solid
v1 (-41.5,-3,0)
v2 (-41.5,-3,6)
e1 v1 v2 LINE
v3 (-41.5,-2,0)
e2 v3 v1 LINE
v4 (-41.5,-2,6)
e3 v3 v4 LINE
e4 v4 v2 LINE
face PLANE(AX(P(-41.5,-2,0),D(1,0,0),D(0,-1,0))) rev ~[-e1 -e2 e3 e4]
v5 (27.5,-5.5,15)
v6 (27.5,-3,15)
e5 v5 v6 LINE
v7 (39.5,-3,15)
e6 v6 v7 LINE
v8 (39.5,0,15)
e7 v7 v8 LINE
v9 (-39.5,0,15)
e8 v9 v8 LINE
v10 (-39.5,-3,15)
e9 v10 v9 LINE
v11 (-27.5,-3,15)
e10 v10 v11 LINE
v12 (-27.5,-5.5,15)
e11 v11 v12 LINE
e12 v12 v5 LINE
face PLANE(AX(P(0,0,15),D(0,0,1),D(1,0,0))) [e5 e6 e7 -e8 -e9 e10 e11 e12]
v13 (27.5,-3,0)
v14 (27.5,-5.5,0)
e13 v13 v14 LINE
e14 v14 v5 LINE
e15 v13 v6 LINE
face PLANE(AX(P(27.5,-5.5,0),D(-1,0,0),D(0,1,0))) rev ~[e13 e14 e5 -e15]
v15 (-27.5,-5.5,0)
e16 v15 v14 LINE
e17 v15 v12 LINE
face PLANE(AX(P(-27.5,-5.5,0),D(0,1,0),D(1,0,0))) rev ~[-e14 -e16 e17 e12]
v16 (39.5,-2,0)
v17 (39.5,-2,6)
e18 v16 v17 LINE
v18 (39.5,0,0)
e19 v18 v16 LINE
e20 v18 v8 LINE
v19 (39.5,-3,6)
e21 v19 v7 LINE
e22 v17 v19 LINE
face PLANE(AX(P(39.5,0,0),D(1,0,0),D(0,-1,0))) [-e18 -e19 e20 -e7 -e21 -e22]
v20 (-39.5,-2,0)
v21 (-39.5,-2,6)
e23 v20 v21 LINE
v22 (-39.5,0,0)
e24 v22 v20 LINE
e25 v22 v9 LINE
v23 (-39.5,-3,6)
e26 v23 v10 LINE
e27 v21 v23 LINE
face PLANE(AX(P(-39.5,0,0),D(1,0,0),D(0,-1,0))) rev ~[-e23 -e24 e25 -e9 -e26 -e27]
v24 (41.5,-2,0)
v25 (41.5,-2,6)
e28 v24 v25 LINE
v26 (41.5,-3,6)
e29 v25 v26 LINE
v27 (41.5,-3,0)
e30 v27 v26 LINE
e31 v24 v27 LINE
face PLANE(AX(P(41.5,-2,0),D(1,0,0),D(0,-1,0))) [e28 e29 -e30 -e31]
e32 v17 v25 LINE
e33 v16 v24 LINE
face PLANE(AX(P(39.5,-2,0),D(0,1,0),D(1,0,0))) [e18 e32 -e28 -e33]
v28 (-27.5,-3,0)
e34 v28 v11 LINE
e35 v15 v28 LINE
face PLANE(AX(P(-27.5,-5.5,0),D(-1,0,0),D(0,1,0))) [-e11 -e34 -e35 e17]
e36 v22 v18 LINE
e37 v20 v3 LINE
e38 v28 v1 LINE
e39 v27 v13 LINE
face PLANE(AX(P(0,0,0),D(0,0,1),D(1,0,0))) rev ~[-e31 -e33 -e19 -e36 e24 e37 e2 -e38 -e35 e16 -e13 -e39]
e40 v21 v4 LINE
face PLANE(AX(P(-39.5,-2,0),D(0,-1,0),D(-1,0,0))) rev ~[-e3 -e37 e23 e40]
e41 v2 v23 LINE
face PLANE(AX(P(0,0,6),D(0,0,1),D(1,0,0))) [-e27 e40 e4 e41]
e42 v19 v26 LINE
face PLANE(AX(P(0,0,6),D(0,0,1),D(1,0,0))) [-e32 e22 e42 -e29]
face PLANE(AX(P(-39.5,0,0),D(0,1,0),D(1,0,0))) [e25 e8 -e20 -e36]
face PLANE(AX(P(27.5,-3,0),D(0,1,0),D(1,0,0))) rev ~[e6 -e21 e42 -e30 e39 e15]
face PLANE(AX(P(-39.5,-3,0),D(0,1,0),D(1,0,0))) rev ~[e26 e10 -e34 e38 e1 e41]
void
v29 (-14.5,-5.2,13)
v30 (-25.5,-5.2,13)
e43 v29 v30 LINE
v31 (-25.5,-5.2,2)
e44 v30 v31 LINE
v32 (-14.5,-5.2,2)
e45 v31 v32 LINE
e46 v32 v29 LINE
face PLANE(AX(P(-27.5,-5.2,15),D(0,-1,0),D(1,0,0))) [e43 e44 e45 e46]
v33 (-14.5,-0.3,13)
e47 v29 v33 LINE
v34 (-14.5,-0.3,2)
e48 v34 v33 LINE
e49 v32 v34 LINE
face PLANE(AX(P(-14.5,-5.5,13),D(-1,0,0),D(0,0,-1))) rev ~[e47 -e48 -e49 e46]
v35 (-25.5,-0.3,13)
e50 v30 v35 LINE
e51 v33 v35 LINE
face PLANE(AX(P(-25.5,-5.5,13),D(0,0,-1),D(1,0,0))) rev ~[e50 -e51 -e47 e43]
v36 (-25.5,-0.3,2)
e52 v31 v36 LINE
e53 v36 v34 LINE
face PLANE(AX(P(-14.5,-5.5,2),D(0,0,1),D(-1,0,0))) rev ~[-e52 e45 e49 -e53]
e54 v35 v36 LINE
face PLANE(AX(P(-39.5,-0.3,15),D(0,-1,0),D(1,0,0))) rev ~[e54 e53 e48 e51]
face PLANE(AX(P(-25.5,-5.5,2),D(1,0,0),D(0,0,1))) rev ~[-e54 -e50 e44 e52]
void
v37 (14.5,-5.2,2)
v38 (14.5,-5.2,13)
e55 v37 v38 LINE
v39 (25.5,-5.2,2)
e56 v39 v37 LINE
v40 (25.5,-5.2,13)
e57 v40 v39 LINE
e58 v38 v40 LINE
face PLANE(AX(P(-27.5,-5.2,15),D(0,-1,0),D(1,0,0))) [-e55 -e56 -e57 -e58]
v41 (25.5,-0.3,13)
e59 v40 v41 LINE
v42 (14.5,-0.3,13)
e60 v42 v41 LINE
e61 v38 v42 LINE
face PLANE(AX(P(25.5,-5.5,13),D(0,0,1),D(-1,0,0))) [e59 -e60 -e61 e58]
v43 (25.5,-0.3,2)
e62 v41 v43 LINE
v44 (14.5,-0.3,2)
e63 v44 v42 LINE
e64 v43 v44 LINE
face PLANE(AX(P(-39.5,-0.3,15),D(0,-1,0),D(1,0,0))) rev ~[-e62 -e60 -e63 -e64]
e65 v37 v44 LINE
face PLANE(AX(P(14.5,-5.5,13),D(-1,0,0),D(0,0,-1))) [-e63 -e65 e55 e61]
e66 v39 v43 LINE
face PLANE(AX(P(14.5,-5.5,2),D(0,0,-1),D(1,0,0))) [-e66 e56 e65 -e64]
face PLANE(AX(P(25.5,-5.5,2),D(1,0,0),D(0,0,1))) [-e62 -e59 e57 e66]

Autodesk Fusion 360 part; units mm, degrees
sketch "Sketch1" plane through (0, 0, 0) normal (0, 0, 1) x (1, 0, 0) in component "Component'"
  line L0 (-39.5, 0) -> (39.5, 0)
  line L1 (-39.5, 0) -> (-39.5, -2)
  line L2 (-39.5, -2) -> (-41.5, -2)
  line L3 (-41.5, -2) -> (-41.5, -3)
  line L4 (0, 0) -> (0, -5.5) construction
  line L5 (39.5, 0) -> (39.5, -2)
  line L6 (39.5, -2) -> (41.5, -2)
  line L7 (41.5, -2) -> (41.5, -3)
  line L8 (-41.5, -3) -> (41.5, -3)
  line L9 (-27.5, -5.5) -> (27.5, -5.5)
  line L10 (27.5, -5.5) -> (27.5, -3)
  line L11 (-27.5, -5.5) -> (-27.5, -3)
  line L12 (-39.5, -2) -> (-39.5, -3)
  line L13 (39.5, -2) -> (39.5, -3)
  dimension "d19" = 79
  dimension "d20" = 2
  dimension "d21" = 2
  dimension "d22" = 1
  dimension "d23" = 5.5
  dimension "d24" = 55
extrude "Extrude1" add sketch "Sketch1" along normal blind 15 contours L0 L1 L5 L8 L12 L13 | L8 L9 L10 L11 in component "Component'"
extrude "Extrude2" add sketch "Sketch1" along normal blind 6 contours L2 L3 L8 L12 | L6 L7 L8 L13 in component "Component'"
sketch "Sketch2" plane through (0, -5.5, 0) normal (0, -1, 0) x (1, 0, 0) in component "Component'"
  line L0 (-27.5, 0) -> (27.5, 0)
  line L1 (27.5, 0) -> (27.5, 15)
  line L2 (27.5, 15) -> (-27.5, 15)
  line L3 (-27.5, 15) -> (-27.5, 0)
  line L4 (-25.5, 13) -> (-14.5, 13)
  line L5 (-14.5, 13) -> (-14.5, 2)
  line L6 (-14.5, 2) -> (-25.5, 2)
  line L7 (-25.5, 2) -> (-25.5, 13)
  line L8 (-27.5, 0) -> (27.5, 0)
  line L9 (0, 0) -> (0, 15) construction
  line L10 (25.5, 13) -> (14.5, 13)
  line L11 (25.5, 2) -> (25.5, 13)
  line L12 (14.5, 13) -> (14.5, 2)
  line L13 (14.5, 2) -> (25.5, 2)
  dimension "d29" = 11
  dimension "d30" = 11
  dimension "d31" = 2
  dimension "d32" = 2
extrude "Extrude3" cut sketch "Sketch2" against normal up to surface (5.5 mm away) contours L4 L5 L6 L7 | L10 L11 L12 L13 in component "Component'"
sketch "Sketch3" plane through (0, 0, 15) normal (0, 0, 1) x (-1, 0, 0) in component "Component'"
  line L0 (39.5, 0) -> (39.5, 3)
  line L1 (39.5, 3) -> (27.5, 3)
  line L2 (27.5, 3) -> (27.5, 5.5)
  line L3 (27.5, 5.5) -> (-27.5, 5.5)
  line L4 (-27.5, 5.5) -> (-27.5, 3)
  line L5 (-27.5, 3) -> (-39.5, 3)
  line L6 (-39.5, 3) -> (-39.5, 0)
  line L7 (-39.5, 0) -> (39.5, 0)
  line L8 (39.5, 0.3) -> (-39.5, 0.3)
  line L9 (27.5, 5.2) -> (-27.5, 5.2)
  line L10 (39.5, 0) -> (-39.5, 0)
  line L11 (27.5, 5.5) -> (-27.5, 5.5)
  dimension "d36" = 0.3
  dimension "d37" = 0.3
extrude "Extrude4" add sketch "Sketch3" against normal up to surface (15 mm away) contours L0 L6 L7 L8 L10 | L2 L3 L4 L9 L11 in component "Component'"
component "Component'" placed x (1, 0, 0) y (0, 1, 0) z (0, 0, 1) at (0, 0, 0)
